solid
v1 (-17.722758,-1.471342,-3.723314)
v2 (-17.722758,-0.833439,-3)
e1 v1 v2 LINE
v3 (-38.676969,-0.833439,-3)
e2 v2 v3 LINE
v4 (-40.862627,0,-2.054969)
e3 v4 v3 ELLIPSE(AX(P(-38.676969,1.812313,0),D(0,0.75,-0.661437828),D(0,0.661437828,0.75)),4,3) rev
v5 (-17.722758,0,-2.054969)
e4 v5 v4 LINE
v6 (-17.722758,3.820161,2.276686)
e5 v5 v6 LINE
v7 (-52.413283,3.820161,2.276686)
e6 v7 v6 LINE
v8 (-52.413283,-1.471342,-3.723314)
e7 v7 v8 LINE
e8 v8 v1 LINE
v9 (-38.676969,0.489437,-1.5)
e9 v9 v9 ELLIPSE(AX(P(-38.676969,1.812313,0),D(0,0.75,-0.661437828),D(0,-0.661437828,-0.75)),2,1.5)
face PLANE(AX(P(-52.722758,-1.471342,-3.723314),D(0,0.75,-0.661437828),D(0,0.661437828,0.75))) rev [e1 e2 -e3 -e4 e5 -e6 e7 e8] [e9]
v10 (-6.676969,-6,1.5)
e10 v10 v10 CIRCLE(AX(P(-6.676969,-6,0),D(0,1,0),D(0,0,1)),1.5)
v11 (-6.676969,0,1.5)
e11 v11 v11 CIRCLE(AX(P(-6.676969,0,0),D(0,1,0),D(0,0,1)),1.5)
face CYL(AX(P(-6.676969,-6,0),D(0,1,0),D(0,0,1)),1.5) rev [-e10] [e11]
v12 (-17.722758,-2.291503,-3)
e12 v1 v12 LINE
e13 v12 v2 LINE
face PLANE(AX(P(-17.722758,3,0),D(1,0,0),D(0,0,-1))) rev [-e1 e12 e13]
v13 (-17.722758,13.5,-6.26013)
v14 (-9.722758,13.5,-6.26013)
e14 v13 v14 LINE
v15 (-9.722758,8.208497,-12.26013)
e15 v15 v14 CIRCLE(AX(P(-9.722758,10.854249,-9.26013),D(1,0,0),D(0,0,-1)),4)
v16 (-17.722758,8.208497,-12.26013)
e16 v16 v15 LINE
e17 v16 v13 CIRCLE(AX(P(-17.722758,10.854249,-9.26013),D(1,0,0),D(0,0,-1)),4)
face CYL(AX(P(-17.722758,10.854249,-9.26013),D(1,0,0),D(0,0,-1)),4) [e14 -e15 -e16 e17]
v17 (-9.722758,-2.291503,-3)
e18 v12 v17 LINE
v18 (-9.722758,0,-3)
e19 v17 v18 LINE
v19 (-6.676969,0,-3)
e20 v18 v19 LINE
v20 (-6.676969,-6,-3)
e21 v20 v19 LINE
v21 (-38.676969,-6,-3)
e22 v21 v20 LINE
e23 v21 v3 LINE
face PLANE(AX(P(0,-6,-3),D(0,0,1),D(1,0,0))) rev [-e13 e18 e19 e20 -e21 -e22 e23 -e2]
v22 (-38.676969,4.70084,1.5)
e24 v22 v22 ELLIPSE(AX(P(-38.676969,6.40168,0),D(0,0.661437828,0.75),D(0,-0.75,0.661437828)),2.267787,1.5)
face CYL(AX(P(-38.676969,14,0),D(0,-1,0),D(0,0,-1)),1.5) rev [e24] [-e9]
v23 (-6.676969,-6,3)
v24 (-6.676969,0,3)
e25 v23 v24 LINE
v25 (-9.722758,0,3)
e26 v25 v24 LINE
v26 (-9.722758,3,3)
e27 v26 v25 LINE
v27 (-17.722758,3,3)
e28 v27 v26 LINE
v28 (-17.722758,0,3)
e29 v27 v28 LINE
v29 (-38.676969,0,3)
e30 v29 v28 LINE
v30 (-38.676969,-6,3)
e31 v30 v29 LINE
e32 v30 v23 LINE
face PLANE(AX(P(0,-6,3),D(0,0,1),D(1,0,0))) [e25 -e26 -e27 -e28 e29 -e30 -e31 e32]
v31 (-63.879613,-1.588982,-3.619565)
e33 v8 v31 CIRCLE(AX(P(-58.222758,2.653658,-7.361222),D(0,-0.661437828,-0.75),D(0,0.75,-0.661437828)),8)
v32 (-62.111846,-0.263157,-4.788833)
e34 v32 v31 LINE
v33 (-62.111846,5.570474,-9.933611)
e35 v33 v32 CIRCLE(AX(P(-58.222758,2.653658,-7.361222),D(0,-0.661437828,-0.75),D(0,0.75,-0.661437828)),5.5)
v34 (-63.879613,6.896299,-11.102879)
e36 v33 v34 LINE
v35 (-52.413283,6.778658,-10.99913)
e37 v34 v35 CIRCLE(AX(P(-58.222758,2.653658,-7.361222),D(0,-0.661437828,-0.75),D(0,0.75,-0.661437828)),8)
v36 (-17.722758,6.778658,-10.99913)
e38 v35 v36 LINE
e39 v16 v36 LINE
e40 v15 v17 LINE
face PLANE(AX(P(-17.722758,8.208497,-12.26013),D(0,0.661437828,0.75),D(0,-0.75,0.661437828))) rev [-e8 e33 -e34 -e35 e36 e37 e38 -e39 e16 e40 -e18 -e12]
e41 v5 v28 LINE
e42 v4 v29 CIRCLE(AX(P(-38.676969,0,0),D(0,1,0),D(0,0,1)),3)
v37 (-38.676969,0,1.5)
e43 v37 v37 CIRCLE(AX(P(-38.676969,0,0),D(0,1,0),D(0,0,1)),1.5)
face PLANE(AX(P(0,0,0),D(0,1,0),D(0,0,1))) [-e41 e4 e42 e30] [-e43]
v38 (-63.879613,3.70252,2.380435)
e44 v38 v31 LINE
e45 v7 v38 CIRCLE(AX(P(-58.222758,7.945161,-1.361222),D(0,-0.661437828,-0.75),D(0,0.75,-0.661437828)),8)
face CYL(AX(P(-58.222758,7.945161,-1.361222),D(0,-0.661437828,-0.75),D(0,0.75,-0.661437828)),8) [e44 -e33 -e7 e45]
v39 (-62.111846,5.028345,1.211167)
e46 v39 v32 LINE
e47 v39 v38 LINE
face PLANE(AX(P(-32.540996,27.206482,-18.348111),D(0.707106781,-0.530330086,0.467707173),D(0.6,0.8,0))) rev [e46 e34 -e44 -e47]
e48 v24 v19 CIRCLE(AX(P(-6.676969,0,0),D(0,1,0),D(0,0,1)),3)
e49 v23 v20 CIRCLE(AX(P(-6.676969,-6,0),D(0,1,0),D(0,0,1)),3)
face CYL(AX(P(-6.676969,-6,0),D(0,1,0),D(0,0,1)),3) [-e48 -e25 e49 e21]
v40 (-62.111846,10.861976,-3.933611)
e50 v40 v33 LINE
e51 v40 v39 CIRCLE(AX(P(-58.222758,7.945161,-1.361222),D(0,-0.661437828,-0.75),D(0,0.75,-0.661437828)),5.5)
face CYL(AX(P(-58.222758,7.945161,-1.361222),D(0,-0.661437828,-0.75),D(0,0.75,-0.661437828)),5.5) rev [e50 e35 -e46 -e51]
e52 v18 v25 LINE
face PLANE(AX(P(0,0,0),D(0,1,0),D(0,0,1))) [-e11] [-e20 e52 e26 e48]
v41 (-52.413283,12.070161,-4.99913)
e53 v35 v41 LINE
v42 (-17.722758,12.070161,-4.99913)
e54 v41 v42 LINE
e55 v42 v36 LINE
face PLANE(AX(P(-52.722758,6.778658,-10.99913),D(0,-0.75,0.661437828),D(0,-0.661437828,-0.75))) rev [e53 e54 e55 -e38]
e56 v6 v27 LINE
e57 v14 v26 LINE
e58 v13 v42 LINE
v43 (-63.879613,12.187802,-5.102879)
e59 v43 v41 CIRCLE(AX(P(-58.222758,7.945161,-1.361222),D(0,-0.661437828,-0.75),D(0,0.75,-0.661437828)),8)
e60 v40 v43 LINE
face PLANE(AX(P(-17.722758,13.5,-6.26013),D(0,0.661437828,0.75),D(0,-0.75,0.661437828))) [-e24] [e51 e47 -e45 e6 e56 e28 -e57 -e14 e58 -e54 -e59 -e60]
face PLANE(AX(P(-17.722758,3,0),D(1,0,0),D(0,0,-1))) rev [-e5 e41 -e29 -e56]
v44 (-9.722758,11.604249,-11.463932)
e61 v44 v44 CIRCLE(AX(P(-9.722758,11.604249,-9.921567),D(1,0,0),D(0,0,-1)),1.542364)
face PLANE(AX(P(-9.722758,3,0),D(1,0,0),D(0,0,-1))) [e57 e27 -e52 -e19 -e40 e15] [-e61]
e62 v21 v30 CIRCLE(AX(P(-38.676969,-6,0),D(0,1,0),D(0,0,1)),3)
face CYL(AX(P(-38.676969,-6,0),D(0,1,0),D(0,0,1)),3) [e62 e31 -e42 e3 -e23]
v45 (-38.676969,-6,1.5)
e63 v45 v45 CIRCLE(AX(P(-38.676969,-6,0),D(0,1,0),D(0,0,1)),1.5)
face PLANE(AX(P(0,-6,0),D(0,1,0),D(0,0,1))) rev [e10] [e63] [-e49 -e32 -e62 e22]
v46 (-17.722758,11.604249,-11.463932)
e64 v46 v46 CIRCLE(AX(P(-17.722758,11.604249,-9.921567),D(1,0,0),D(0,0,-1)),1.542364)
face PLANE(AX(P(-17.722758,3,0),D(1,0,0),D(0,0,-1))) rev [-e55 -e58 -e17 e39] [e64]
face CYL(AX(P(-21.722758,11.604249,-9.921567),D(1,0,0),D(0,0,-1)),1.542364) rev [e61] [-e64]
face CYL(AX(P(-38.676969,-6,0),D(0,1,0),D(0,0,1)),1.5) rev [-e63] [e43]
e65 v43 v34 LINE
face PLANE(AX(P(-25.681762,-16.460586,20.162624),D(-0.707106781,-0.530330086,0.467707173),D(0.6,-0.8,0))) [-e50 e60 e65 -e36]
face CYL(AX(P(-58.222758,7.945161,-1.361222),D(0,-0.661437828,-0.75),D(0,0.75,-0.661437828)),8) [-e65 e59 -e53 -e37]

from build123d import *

# Parameters (mm, degrees)
SKETCH_1_R          = 1.5
EXTRUDE_2_DEPTH     = 6
SKETCH_1_4_W        = 8
SKETCH_1_4_H        = 6
EXTRUDE_3_DEPTH     = 3
EXTRUDE_28_DEPTH    = 8
SKETCH_8_R          = 1.542364341
CUT_EXTRUDE_2_DEPTH = 12
EXTRUDE_29_DEPTH    = 35
EXTRUDE_30_DEPTH    = 8
CUT_EXTRUDE_START   = -20
SKETCH_11_R         = 1.5
CUT_EXTRUDE_3_DEPTH = 20


with BuildPart() as part:
    # 草圖1 → 填料-伸長2 (new body)
    with BuildSketch(Plane(origin=(0, 0, 0), x_dir=(1, 0, 0), z_dir=(0, 1, 0))):
        with BuildLine():
            Line((-38.676968887, -3), (-6.676968887, -3))
            ThreePointArc((-6.676968887, -3), (-3.676968887, 0), (-6.676968887, 3))
            Line((-6.676968887, 3), (-38.676968887, 3))
            ThreePointArc((-38.676968887, 3), (-41.676968887, 0), (-38.676968887, -3))
        make_face()
        with Locations((-38.676968887, 0)):
            Circle(SKETCH_1_R, mode=Mode.SUBTRACT)
        with Locations((-6.676968887, 0)):
            Circle(SKETCH_1_R, mode=Mode.SUBTRACT)
    extrude(amount=-EXTRUDE_2_DEPTH)

    # 草圖1<4> → 填料-伸長3 (add)
    with BuildSketch(Plane(origin=(0, 0, 0), x_dir=(1, 0, 0), z_dir=(0, 1, 0))):
        with Locations((-13.722758256, 0)):
            Rectangle(SKETCH_1_4_W, SKETCH_1_4_H)
    extrude(amount=EXTRUDE_3_DEPTH)

    # 草圖3 → 填料-伸長28 (add)
    with BuildSketch(Plane(origin=(-9.722758256, 0, 0), x_dir=(0, 0, -1), z_dir=(1, 0, 0))):
        with BuildLine():
            Line((3, -2.291502622), (12.260129589, 8.208497378))
            ThreePointArc((12.260129589, 8.208497378), (11.9058809, 13.854248689), (6.260129589, 13.5))
            Line((6.260129589, 13.5), (-3, 3))
            Line((-3, 3), (3, -2.291502622))
        make_face()
    extrude(amount=-EXTRUDE_28_DEPTH)

    # 草圖8 → 除料-伸長2 (cut)
    with BuildSketch(Plane(origin=(-9.722758256, 0, 0), x_dir=(0, 0, -1), z_dir=(1, 0, 0))):
        with Locations((9.921567416, 11.604248689)):
            Circle(SKETCH_8_R)
    extrude(amount=-CUT_EXTRUDE_2_DEPTH, mode=Mode.SUBTRACT)

    # 草圖9 → 填料-伸長29 (add)
    with BuildSketch(Plane.ZY.offset(17.722758256)):
        Polygon((-10.999130047, 6.778658296), (-4.999130047, 12.070160919), (2.276686058, 3.820160919), (-3.723313942, -1.471341704), align=None)
    extrude(amount=EXTRUDE_29_DEPTH)

    # 草圖10 → 填料-伸長30 (add)
    with BuildSketch(Plane(origin=(0, -2.49076751, -2.824264888), x_dir=(-1, 0, 0), z_dir=(0, -0.6614378277661491, -0.7499999999999987))):
        with BuildLine():
            Line((62.111845553, 10.748321705), (63.879612506, 12.516088658))
            ThreePointArc((63.879612506, 12.516088658), (50.222758256, 6.859234408), (63.879612506, 1.202380159))
            Line((63.879612506, 1.202380159), (62.111845553, 2.970147112))
            ThreePointArc((62.111845553, 2.970147112), (52.722758256, 6.859234408), (62.111845553, 10.748321705))
        make_face()
    extrude(amount=-EXTRUDE_30_DEPTH)

    # 草圖11 → 除料-伸長3 (cut)
    with BuildSketch(Plane.XZ.offset(6).offset(CUT_EXTRUDE_START)):
        with Locations((-38.676968887, 0)):
            Circle(SKETCH_11_R)
    extrude(amount=CUT_EXTRUDE_3_DEPTH, mode=Mode.SUBTRACT)


solid = part.part
